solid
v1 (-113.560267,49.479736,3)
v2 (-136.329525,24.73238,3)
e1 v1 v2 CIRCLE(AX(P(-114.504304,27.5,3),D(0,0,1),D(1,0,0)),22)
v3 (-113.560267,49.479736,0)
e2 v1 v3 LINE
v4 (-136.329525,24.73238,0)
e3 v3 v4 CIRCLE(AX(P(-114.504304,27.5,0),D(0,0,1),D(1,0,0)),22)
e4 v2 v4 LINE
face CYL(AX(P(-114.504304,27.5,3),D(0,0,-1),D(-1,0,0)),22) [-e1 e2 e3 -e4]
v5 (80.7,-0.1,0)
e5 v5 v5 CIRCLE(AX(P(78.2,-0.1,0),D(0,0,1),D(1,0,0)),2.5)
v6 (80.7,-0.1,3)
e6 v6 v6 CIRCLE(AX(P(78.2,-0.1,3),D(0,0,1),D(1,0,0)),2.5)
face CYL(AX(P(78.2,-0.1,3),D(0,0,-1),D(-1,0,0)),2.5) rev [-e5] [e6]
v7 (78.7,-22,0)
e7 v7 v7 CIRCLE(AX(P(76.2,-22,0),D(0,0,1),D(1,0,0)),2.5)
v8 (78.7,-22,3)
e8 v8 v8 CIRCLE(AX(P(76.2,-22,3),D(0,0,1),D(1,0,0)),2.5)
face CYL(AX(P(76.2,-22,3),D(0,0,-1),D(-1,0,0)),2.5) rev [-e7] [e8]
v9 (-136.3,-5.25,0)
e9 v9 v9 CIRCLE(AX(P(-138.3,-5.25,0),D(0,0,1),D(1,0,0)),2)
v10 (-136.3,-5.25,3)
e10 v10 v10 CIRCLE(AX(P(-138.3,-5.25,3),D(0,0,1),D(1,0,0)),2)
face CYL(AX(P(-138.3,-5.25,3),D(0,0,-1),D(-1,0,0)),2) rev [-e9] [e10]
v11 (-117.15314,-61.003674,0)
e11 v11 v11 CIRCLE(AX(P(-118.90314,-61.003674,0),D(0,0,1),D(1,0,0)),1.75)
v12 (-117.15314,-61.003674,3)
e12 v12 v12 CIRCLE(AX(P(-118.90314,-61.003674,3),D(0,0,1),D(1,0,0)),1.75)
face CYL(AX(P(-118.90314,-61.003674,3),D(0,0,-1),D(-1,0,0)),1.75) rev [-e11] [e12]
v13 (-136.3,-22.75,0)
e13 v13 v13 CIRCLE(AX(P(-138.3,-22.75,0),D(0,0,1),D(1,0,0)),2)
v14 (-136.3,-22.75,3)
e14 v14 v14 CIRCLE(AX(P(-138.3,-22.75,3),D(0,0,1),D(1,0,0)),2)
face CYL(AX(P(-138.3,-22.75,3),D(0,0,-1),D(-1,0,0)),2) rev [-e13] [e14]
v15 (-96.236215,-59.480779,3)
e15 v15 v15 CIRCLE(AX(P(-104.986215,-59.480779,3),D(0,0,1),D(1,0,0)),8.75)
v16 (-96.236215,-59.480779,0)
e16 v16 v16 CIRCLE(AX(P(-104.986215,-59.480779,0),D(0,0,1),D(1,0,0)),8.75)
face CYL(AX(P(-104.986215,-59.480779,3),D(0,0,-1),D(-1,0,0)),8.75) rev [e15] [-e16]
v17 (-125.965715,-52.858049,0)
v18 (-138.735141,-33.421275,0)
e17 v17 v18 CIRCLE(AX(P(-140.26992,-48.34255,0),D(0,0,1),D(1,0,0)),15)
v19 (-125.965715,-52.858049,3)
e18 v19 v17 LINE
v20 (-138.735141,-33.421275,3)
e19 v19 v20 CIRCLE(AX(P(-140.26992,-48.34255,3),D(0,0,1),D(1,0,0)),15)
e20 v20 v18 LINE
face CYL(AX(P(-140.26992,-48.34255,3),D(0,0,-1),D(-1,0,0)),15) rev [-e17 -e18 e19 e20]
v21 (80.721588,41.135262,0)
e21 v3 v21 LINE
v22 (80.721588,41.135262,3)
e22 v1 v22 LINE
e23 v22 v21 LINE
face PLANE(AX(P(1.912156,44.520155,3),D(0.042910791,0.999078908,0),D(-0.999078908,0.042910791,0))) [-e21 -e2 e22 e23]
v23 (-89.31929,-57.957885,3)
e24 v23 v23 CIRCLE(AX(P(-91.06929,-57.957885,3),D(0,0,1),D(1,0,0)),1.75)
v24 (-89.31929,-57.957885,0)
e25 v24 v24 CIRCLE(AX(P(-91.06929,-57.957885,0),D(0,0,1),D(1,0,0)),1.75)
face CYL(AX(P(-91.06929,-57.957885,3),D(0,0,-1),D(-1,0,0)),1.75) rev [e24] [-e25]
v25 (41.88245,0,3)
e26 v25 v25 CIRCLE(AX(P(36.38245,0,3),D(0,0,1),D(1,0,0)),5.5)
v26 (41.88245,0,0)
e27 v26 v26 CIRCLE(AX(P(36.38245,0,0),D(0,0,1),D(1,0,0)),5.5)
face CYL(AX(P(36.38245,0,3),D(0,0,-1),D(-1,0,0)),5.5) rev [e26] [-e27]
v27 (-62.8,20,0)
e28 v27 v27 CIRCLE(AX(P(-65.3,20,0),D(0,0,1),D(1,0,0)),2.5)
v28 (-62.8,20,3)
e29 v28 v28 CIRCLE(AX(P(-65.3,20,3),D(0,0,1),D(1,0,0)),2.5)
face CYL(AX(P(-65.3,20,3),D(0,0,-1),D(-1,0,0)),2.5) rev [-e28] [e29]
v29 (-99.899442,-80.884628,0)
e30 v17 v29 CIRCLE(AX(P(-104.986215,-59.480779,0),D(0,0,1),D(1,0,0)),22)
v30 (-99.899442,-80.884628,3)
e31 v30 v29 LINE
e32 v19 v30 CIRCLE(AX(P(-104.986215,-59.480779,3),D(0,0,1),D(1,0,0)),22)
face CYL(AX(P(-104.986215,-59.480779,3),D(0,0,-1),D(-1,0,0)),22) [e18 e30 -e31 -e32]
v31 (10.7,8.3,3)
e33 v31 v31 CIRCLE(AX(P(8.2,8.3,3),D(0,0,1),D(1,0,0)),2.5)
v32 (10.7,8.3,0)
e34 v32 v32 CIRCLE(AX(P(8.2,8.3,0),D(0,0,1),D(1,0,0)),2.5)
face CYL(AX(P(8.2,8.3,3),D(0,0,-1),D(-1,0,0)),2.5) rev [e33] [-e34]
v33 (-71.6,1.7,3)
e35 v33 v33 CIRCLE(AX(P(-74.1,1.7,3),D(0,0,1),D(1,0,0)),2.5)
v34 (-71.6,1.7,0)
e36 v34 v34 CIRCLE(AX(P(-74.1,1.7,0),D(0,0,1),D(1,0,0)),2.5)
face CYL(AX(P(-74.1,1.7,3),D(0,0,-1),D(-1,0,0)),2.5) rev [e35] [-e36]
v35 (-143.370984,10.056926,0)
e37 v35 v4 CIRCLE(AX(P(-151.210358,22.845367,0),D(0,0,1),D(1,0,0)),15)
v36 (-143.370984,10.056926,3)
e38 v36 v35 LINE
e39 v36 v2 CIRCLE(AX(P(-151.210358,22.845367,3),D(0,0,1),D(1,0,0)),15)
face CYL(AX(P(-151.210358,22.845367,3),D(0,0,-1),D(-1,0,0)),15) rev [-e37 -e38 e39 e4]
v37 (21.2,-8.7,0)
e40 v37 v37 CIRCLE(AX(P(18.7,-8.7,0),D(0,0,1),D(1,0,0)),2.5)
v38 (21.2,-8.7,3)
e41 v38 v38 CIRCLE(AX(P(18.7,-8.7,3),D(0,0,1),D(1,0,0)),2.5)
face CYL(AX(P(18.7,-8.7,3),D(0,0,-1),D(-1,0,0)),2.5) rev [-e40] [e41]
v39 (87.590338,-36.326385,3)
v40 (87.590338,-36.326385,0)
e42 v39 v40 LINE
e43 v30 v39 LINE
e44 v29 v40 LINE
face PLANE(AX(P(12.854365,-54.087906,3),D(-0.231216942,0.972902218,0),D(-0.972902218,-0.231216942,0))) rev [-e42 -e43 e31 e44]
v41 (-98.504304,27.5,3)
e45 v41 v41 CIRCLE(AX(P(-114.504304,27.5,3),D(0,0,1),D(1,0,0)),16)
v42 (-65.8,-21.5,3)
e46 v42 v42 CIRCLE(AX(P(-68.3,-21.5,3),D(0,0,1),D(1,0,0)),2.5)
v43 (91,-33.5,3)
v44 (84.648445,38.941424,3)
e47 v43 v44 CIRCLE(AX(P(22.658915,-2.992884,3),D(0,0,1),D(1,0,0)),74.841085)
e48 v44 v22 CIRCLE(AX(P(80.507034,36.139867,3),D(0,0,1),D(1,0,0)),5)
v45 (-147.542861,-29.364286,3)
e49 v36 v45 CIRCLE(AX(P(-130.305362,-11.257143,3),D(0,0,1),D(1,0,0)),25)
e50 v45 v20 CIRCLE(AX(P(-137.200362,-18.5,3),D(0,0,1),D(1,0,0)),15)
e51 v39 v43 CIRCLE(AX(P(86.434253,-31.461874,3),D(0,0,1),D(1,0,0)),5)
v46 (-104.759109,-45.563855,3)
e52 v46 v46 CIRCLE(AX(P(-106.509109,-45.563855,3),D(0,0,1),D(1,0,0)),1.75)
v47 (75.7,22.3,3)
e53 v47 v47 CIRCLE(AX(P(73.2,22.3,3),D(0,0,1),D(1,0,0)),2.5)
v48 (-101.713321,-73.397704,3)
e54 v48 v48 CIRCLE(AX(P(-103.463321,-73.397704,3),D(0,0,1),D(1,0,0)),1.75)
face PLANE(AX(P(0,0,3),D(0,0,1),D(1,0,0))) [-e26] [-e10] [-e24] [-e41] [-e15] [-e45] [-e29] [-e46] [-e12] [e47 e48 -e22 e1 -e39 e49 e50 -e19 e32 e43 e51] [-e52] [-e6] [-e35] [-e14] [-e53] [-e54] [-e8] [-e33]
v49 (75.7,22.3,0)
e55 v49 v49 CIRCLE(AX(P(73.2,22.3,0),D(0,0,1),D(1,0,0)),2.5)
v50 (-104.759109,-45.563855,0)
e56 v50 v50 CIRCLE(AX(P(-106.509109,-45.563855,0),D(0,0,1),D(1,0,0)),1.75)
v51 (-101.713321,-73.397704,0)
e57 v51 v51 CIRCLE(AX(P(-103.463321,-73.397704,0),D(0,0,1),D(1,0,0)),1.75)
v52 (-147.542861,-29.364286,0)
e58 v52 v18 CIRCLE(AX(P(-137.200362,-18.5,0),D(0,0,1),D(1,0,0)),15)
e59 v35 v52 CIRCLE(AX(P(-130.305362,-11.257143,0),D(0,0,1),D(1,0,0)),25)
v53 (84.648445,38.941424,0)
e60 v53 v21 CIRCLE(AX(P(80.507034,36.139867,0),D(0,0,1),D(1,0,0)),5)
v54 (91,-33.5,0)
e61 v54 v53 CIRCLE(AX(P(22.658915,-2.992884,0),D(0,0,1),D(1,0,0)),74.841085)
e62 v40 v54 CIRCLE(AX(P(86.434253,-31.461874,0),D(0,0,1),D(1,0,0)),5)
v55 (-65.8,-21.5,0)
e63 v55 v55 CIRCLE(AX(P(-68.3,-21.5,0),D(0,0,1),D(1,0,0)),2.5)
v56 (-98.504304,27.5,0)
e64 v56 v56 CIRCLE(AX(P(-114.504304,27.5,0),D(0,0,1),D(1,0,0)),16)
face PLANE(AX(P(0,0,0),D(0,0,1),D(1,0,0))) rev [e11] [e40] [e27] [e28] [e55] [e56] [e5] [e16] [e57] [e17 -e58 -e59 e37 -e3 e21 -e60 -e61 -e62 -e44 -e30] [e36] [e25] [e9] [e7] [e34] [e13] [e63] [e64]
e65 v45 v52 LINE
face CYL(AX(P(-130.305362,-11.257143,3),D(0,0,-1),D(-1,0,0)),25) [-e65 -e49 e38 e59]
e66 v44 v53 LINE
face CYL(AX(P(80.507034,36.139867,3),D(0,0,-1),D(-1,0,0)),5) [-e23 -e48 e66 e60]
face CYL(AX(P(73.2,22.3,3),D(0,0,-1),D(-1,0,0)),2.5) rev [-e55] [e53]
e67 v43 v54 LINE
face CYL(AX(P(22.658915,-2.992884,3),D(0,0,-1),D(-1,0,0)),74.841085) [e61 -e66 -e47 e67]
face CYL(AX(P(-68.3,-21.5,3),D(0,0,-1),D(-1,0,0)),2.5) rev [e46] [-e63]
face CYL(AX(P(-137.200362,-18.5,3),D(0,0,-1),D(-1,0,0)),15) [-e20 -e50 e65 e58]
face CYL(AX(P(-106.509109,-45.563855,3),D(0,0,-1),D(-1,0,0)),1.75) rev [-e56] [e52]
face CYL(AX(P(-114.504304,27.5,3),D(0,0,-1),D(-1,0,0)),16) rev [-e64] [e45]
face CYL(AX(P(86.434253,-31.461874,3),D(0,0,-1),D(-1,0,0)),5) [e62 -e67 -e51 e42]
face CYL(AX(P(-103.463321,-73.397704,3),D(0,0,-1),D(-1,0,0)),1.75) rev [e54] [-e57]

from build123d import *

# Parameters (mm, degrees)
SKETCH1_R           = 2
SKETCH1_R_2         = 2.5
SKETCH1_R_3         = 16
SKETCH1_R_4         = 5.5
SKETCH1_R_5         = 1.75
SKETCH1_R_6         = 8.75
BOSS_EXTRUDE1_DEPTH = 3


with BuildPart() as part:
    # Sketch1 → Boss-Extrude1 (new body)
    with BuildSketch(Plane.XY):
        with BuildLine():
            ThreePointArc((-113.560266524, 49.479735972), (-130.694234864, 42.395842918), (-136.329525131, 24.732380193))
            ThreePointArc((-136.329525131, 24.732380193), (-137.686520221, 16.356467092), (-143.370984404, 10.056925608))
            ThreePointArc((-143.370984404, 10.056925608), (-155.166532009, -8.626129333), (-147.542861296, -29.364285714))
            ThreePointArc((-147.542861296, -29.364285714), (-143.475887893, -32.124161339), (-138.735140925, -33.421275181))
            ThreePointArc((-138.735140925, -33.421275181), (-127.733357788, -40.106373668), (-125.965715234, -52.858048609))
            ThreePointArc((-125.965715234, -52.858048609), (-121.095745986, -74.463536322), (-99.899442585, -80.88462828))
            Line((-99.899442585, -80.88462828), (87.590338172, -36.326384859))
            ThreePointArc((87.590338172, -36.326384859), (89.625170423, -35.311295666), (91, -33.5))
            ThreePointArc((91, -33.5), (97.213976906, 3.543991621), (84.648444567, 38.941424032))
            ThreePointArc((84.648444567, 38.941424032), (82.945648013, 40.504860181), (80.721588123, 41.135261877))
            Line((80.721588123, 41.135261877), (-113.560266524, 49.479735972))
        make_face()
        with Locations((-138.3, -22.75)):
            Circle(SKETCH1_R, mode=Mode.SUBTRACT)
        with Locations((-68.3, -21.5)):
            Circle(SKETCH1_R_2, mode=Mode.SUBTRACT)
        with Locations((76.2, -22)):
            Circle(SKETCH1_R_2, mode=Mode.SUBTRACT)
        with Locations((-138.3, -5.25)):
            Circle(SKETCH1_R, mode=Mode.SUBTRACT)
        with Locations((-74.1, 1.7)):
            Circle(SKETCH1_R_2, mode=Mode.SUBTRACT)
        with Locations((-114.504303927, 27.5)):
            Circle(SKETCH1_R_3, mode=Mode.SUBTRACT)
        with Locations((-65.3, 20)):
            Circle(SKETCH1_R_2, mode=Mode.SUBTRACT)
        with Locations((18.7, -8.7)):
            Circle(SKETCH1_R_2, mode=Mode.SUBTRACT)
        with Locations((8.2, 8.3)):
            Circle(SKETCH1_R_2, mode=Mode.SUBTRACT)
        with Locations((36.382449965, 0)):
            Circle(SKETCH1_R_4, mode=Mode.SUBTRACT)
        with Locations((78.2, -0.1)):
            Circle(SKETCH1_R_2, mode=Mode.SUBTRACT)
        with Locations((73.2, 22.3)):
            Circle(SKETCH1_R_2, mode=Mode.SUBTRACT)
        with Locations((-106.509109084, -45.563854671)):
            Circle(SKETCH1_R_5, mode=Mode.SUBTRACT)
        with Locations((-103.463320573, -73.39770407)):
            Circle(SKETCH1_R_5, mode=Mode.SUBTRACT)
        with Locations((-118.903139528, -61.003673626)):
            Circle(SKETCH1_R_5, mode=Mode.SUBTRACT)
        with Locations((-104.986214828, -59.480779371)):
            Circle(SKETCH1_R_6, mode=Mode.SUBTRACT)
        with Locations((-91.069290129, -57.957885115)):
            Circle(SKETCH1_R_5, mode=Mode.SUBTRACT)
    extrude(amount=BOSS_EXTRUDE1_DEPTH)


solid = part.part
